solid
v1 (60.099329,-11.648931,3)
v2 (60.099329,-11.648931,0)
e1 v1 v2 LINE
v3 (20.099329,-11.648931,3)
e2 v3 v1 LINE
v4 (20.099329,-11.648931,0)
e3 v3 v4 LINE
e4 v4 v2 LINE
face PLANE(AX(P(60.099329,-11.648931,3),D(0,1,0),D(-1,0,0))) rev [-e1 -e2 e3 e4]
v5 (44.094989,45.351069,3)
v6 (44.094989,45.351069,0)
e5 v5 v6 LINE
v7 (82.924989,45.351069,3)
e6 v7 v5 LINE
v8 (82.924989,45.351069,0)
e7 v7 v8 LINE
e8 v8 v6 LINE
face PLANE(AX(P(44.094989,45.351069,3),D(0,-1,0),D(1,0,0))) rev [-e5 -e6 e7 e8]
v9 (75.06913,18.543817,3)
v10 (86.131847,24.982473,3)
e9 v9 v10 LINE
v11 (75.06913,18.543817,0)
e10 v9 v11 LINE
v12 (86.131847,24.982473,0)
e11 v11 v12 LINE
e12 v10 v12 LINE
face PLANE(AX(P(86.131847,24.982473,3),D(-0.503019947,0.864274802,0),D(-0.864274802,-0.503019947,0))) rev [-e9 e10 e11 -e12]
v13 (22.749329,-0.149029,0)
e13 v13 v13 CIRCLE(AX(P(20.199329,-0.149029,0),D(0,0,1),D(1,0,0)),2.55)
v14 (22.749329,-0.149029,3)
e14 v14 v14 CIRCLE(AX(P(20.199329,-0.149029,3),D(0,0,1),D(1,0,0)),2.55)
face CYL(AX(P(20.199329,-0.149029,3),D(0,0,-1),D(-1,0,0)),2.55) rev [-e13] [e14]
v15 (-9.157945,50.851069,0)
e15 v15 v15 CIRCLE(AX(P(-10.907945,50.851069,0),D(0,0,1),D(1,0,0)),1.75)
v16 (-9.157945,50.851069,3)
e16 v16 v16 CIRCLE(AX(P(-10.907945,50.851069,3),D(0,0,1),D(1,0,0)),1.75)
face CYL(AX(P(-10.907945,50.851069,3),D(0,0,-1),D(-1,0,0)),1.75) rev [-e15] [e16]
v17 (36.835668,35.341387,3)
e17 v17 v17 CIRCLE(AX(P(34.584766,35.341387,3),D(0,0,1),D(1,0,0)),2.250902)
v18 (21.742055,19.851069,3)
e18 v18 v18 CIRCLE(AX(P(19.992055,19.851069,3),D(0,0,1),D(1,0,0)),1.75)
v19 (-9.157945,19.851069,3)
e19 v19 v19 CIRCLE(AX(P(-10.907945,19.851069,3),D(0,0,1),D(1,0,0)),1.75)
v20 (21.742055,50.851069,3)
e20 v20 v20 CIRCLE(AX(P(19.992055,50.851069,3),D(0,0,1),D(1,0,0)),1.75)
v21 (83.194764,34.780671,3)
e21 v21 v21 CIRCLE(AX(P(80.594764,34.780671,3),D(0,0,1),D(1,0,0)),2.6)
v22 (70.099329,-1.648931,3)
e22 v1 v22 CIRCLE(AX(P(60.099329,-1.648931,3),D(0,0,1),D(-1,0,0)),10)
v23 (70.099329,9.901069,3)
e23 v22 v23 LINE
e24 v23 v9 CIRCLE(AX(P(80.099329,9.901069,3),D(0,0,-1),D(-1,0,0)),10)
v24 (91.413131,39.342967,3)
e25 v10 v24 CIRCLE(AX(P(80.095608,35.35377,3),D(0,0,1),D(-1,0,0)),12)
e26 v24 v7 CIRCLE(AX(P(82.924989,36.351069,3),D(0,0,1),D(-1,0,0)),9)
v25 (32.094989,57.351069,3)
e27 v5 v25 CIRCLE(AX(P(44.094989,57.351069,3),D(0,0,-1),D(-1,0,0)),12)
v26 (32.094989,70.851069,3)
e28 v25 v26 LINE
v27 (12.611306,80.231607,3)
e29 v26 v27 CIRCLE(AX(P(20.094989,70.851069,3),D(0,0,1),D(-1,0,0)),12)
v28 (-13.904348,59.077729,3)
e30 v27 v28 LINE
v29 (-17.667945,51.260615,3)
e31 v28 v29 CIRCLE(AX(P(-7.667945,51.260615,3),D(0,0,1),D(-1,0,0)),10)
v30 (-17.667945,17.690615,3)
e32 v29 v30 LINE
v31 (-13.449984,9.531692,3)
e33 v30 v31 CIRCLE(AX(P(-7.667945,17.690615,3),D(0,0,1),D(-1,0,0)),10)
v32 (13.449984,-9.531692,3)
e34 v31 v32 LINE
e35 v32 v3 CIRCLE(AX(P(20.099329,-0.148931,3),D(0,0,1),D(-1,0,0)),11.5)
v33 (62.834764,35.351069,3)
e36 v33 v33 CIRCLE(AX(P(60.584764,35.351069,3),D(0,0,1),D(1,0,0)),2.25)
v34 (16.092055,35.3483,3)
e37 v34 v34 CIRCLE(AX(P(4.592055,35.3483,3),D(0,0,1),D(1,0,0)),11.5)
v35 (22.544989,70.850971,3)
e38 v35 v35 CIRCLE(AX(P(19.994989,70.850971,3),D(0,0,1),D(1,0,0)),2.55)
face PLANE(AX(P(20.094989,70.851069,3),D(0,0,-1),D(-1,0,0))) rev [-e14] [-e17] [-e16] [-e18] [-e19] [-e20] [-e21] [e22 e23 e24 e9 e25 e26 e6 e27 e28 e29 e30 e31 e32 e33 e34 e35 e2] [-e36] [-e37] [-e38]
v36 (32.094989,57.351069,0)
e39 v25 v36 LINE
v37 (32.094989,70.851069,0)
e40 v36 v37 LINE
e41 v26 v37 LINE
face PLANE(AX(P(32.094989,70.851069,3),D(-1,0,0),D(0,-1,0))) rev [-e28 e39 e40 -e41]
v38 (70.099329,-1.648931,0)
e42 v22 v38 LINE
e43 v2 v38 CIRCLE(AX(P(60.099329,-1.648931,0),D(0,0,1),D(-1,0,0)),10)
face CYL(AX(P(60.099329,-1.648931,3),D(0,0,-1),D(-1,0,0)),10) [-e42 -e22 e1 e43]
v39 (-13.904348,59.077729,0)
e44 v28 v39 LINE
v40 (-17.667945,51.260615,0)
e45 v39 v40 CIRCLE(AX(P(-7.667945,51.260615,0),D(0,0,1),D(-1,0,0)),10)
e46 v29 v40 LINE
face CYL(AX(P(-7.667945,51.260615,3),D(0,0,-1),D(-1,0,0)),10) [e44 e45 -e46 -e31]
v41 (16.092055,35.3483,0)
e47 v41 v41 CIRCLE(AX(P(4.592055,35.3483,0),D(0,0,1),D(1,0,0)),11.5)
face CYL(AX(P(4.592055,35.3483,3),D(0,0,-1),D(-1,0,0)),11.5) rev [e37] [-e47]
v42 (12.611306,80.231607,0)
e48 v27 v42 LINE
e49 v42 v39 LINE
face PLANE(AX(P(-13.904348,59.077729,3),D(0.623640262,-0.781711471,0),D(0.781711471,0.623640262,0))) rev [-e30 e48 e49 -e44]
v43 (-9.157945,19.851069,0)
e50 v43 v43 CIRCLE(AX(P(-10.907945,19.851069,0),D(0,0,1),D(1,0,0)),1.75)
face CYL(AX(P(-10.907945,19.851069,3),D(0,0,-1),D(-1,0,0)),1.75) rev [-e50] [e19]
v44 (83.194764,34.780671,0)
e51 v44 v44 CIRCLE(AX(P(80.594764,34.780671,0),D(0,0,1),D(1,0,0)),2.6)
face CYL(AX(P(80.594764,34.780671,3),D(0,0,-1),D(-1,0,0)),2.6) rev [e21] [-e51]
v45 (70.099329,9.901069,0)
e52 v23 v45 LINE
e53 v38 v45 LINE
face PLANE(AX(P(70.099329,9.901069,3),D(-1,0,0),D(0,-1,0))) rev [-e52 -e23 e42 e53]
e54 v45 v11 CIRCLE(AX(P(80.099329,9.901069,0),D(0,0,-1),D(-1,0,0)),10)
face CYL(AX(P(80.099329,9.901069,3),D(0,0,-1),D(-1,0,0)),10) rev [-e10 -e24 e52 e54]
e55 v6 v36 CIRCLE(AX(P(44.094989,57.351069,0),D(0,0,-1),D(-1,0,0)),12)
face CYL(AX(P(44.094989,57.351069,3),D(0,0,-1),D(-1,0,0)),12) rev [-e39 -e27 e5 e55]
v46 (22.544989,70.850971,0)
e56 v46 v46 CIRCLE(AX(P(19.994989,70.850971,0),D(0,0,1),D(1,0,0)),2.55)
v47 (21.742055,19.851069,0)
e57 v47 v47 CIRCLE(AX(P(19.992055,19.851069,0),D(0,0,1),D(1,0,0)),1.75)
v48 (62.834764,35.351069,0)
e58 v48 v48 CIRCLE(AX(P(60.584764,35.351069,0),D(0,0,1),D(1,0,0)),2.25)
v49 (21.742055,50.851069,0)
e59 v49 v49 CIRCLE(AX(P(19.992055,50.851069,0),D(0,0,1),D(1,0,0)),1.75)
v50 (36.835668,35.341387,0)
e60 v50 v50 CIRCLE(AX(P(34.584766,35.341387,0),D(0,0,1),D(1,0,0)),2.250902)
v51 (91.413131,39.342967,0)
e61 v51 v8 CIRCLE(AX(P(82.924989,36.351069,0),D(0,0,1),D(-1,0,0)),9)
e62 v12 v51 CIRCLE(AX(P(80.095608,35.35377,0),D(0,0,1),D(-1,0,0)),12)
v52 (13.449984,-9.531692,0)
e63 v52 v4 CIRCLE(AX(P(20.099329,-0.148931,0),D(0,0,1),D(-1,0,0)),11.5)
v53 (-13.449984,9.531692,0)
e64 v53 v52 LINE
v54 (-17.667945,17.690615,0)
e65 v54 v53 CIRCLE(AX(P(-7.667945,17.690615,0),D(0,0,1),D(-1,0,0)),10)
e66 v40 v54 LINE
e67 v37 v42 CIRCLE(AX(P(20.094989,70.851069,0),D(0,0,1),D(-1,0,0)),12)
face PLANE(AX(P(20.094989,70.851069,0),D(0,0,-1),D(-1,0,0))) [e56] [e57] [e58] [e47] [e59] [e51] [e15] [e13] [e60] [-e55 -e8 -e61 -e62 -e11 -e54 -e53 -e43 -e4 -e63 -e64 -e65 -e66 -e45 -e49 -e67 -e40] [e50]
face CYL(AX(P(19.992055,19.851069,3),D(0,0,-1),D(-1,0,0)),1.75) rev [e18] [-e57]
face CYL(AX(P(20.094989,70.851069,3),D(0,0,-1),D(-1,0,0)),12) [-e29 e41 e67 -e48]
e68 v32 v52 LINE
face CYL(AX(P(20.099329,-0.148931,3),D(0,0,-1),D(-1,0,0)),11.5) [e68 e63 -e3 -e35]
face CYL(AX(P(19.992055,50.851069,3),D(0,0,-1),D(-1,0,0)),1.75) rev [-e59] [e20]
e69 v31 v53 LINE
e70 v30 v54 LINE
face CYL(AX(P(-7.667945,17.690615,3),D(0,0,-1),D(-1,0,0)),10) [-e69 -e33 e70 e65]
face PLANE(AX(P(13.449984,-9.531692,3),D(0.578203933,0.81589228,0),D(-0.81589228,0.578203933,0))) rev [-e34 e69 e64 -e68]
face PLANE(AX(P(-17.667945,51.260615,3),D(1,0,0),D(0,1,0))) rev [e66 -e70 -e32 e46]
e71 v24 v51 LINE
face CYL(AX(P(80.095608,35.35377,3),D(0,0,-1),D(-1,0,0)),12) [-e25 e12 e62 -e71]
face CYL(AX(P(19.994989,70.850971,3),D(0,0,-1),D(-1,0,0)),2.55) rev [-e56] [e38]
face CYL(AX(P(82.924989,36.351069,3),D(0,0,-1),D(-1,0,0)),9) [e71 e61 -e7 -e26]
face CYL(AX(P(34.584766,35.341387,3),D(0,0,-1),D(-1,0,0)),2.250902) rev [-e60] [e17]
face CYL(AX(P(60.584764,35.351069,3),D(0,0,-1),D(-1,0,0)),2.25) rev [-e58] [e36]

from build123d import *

# Parameters (mm, degrees)
SKETCH1_R           = 2.6
SKETCH1_R_2         = 2.25
SKETCH1_R_3         = 11.5
SKETCH1_R_4         = 2.55
SKETCH1_R_5         = 2.250902383
SKETCH1_R_6         = 1.75
BOSS_EXTRUDE1_DEPTH = 3


with BuildPart() as part:
    # Sketch1 → Boss-Extrude1 (new body)
    with BuildSketch(Plane.XY):
        with BuildLine():
            Line((-17.667944903, 51.26061463), (-17.667944903, 17.69061463))
            ThreePointArc((-17.667944903, 17.69061463), (-16.55108605, 13.098251038), (-13.449984231, 9.531691833))
            Line((-13.449984231, 9.531691833), (13.449984231, -9.531691833))
            ThreePointArc((13.449984231, -9.531691833), (16.610185866, -11.106844514), (20.099329458, -11.648930616))
            Line((20.099329458, -11.648930616), (60.099329458, -11.648930616))
            ThreePointArc((60.099329458, -11.648930616), (67.17039727, -8.719998428), (70.099329458, -1.648930616))
            Line((70.099329458, -1.648930616), (70.099329458, 9.901069384))
            ThreePointArc((70.099329458, 9.901069384), (71.430361969, 14.885946781), (75.069129992, 18.543817403))
            Line((75.069129992, 18.543817403), (86.131847457, 24.98247272))
            ThreePointArc((86.131847457, 24.98247272), (91.358121472, 31.21181519), (91.413130529, 39.342966504))
            ThreePointArc((91.413130529, 39.342966504), (88.124648594, 43.697057203), (82.924988705, 45.351069384))
            Line((82.924988705, 45.351069384), (44.094988705, 45.351069384))
            ThreePointArc((44.094988705, 45.351069384), (35.609707331, 48.86578801), (32.094988705, 57.351069384))
            Line((32.094988705, 57.351069384), (32.094988705, 70.851069384))
            ThreePointArc((32.094988705, 70.851069384), (25.300553143, 81.663196782), (12.611305558, 80.231607031))
            Line((12.611305558, 80.231607031), (-13.904347525, 59.077729336))
            ThreePointArc((-13.904347525, 59.077729336), (-16.678051068, 55.598584995), (-17.667944903, 51.26061463))
        make_face()
        with Locations((80.59476396, 34.780670506)):
            Circle(SKETCH1_R, mode=Mode.SUBTRACT)
        with Locations((60.58476396, 35.351069384)):
            Circle(SKETCH1_R_2, mode=Mode.SUBTRACT)
        with Locations((4.592055097, 35.34829978)):
            Circle(SKETCH1_R_3, mode=Mode.SUBTRACT)
        with Locations((19.994988754, 70.850970592)):
            Circle(SKETCH1_R_4, mode=Mode.SUBTRACT)
        with Locations((34.584765763, 35.341387282)):
            Circle(SKETCH1_R_5, mode=Mode.SUBTRACT)
        with Locations((20.199329409, -0.149029408)):
            Circle(SKETCH1_R_4, mode=Mode.SUBTRACT)
        with Locations((19.992055097, 19.851069384)):
            Circle(SKETCH1_R_6, mode=Mode.SUBTRACT)
        with Locations((-10.907944903, 19.851069384)):
            Circle(SKETCH1_R_6, mode=Mode.SUBTRACT)
        with Locations((-10.907944903, 50.851069384)):
            Circle(SKETCH1_R_6, mode=Mode.SUBTRACT)
        with Locations((19.992055097, 50.851069384)):
            Circle(SKETCH1_R_6, mode=Mode.SUBTRACT)
    extrude(amount=BOSS_EXTRUDE1_DEPTH)


solid = part.part
